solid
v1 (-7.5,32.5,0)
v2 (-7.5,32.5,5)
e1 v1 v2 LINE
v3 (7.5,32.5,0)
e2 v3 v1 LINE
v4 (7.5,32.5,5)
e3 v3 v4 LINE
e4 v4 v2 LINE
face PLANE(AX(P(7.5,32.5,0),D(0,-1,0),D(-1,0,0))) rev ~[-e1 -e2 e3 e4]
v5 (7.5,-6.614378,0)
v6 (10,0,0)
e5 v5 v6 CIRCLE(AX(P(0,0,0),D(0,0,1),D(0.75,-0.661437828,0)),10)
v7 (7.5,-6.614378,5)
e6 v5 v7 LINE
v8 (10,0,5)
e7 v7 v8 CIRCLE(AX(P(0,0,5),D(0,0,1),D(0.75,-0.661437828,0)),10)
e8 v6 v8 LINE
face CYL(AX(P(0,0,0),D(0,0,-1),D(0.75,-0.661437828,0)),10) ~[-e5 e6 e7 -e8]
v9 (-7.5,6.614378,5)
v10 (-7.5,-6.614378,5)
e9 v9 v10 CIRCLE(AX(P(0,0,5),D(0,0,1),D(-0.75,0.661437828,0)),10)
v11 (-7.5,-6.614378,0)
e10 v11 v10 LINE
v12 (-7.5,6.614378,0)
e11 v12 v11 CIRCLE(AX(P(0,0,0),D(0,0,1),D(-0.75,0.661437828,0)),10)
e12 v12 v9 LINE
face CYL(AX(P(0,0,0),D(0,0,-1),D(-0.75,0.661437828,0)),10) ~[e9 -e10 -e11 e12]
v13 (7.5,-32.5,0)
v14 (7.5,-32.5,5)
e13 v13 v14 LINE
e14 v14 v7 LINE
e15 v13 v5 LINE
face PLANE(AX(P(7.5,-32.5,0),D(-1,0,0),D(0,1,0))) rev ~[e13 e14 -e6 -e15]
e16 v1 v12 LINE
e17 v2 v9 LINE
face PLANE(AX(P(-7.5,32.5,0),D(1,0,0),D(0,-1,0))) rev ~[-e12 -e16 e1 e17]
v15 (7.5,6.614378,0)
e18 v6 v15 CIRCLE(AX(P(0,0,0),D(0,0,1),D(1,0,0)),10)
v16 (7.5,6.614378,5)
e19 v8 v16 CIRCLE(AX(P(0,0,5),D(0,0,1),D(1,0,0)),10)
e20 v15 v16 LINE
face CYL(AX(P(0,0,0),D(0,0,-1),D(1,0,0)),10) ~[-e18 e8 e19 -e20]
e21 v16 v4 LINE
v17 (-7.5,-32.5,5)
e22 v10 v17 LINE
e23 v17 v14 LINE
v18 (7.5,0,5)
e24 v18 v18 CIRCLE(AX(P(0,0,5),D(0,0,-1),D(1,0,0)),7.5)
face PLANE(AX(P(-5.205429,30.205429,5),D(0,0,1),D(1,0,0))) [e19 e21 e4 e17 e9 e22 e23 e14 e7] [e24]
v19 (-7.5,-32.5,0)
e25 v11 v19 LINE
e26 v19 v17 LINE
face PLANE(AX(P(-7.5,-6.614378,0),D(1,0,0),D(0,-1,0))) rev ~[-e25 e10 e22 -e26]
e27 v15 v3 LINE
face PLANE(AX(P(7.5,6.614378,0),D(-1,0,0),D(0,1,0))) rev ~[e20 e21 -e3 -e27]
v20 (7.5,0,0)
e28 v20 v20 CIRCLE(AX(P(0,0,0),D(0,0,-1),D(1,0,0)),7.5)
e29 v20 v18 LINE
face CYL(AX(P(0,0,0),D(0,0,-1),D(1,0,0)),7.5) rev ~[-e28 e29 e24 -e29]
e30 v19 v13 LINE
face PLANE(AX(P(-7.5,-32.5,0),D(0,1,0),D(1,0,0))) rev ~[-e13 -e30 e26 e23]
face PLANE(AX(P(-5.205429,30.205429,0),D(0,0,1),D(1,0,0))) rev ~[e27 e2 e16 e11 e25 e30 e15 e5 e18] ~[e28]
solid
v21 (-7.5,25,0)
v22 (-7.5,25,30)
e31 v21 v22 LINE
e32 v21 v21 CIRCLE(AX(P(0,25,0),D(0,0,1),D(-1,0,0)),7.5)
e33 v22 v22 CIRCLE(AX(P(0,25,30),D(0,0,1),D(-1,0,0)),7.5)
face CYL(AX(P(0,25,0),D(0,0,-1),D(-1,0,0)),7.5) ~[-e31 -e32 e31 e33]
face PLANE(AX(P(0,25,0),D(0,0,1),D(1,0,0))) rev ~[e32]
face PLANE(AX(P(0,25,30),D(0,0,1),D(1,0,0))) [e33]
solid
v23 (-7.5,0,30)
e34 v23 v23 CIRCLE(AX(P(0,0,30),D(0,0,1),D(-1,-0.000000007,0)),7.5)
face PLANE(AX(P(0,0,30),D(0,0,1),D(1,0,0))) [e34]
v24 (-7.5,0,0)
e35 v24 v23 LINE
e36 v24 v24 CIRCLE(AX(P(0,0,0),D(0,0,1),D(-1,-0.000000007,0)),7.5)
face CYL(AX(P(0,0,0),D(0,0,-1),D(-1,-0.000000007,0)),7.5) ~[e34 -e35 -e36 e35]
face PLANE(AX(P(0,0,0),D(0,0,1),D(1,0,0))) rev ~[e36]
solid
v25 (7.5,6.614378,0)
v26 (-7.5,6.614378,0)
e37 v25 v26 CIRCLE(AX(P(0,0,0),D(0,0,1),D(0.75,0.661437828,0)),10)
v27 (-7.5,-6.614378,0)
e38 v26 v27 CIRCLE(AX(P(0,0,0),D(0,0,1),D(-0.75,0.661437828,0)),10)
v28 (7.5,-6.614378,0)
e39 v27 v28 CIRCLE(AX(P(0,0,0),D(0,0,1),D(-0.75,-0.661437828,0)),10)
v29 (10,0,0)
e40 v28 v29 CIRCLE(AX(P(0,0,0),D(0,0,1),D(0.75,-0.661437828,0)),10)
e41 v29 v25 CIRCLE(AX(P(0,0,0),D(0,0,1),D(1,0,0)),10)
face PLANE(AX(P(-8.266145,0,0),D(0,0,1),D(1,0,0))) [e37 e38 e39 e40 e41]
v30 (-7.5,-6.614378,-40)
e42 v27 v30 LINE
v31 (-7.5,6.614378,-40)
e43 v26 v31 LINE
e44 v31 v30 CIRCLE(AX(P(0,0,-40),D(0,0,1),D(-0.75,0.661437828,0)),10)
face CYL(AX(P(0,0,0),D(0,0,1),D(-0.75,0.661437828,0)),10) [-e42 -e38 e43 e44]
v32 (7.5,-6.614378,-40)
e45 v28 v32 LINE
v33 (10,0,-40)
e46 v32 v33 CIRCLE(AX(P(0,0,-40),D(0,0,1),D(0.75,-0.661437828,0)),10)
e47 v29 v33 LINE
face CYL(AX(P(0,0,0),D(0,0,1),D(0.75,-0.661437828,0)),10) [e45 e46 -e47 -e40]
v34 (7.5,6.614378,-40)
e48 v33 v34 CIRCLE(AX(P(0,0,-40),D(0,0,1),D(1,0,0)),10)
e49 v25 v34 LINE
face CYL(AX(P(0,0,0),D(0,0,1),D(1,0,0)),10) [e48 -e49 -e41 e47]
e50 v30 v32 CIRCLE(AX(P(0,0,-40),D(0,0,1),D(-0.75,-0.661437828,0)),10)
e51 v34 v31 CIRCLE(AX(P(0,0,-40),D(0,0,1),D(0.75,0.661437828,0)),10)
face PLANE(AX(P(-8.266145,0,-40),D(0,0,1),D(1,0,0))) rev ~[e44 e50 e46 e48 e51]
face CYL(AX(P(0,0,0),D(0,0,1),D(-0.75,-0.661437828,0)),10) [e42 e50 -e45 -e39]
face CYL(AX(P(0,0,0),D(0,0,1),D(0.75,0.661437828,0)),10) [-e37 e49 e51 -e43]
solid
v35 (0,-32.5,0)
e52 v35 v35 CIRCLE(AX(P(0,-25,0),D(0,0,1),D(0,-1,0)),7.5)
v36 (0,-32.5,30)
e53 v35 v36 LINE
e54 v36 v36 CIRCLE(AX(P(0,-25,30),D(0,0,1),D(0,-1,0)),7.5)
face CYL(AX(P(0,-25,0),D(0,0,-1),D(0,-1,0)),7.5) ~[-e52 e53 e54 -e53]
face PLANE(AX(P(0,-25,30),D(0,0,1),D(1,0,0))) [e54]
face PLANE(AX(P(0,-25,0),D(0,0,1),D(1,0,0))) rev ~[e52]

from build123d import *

# Parameters (mm, degrees)
F1_DEPTH = 5
F2_DEPTH = 30
F3_DEPTH = 40


with BuildPart() as f1:
    # F0 (on Top) → F1 (new body)
    with BuildSketch(Plane.XY):
        with BuildLine():
            Line((0, 32.5), (-7.5, 32.5))
            Line((-7.5, 32.5), (-7.5, 25))
            ThreePointArc((-7.5, 25), (-5.3033008589, 30.3033008589), (0, 32.5))
        make_face()
        with BuildLine():
            Line((7.5, 32.5), (0, 32.5))
            ThreePointArc((0, 32.5), (5.3033008589, 30.3033008589), (7.5, 25))
            Line((7.5, 25), (7.5, 32.5))
        make_face()
        with BuildLine():
            ThreePointArc((7.5, 25), (5.3033008589, 30.3033008589), (0, 32.5))
            ThreePointArc((0, 32.5), (-5.3033008589, 30.3033008589), (-7.5, 25))
            ThreePointArc((-7.5, 25), (0, 17.5), (7.5, 25))
        make_face()
        with BuildLine():
            ThreePointArc((7.5, 25), (0, 17.5), (-7.5, 25))
            Line((-7.5, 25), (-7.5, 6.6143782777))
            ThreePointArc((-7.5, 6.6143782777), (0, 10), (7.5, 6.6143782777))
            Line((7.5, 6.6143782777), (7.5, 25))
        make_face()
        with BuildLine():
            ThreePointArc((7.5, 6.6143782777), (0, 10), (-7.5, 6.6143782777))
            Line((-7.5, 6.6143782777), (-7.5, -5.5e-08))
            ThreePointArc((-7.5, -5.5e-08), (-2.75e-08, 7.5), (7.5, 0))
            Line((7.5, 0), (7.5, 6.6143782777))
        make_face()
        with BuildLine():
            Line((-7.5, -5.5e-08), (-7.5, 6.6143782777))
            ThreePointArc((-7.5, 6.6143782777), (-10, 0), (-7.5, -6.6143782777))
            Line((-7.5, -6.6143782777), (-7.5, -5.5e-08))
        make_face()
        with BuildLine():
            ThreePointArc((10, 0), (9.3541434669, 3.5355339059), (7.5, 6.6143782777))
            Line((7.5, 6.6143782777), (7.5, 0))
            Line((7.5, 0), (7.5, -6.6143782777))
            ThreePointArc((7.5, -6.6143782777), (9.3541434669, -3.5355339059), (10, 0))
        make_face()
        with BuildLine():
            ThreePointArc((7.5, 0), (2.75e-08, -7.5), (-7.5, -5.5e-08))
            Line((-7.5, -5.5e-08), (-7.5, -6.6143782777))
            ThreePointArc((-7.5, -6.6143782777), (0, -10), (7.5, -6.6143782777))
            Line((7.5, -6.6143782777), (7.5, 0))
        make_face()
        with BuildLine():
            ThreePointArc((7.5, -6.6143782777), (0, -10), (-7.5, -6.6143782777))
            Line((-7.5, -6.6143782777), (-7.5, -25.0000000374))
            ThreePointArc((-7.5, -25.0000000374), (-1.87e-08, -17.5), (7.5, -25))
            Line((7.5, -25), (7.5, -6.6143782777))
        make_face()
        with BuildLine():
            ThreePointArc((0, -32.5), (-5.3033008457, -30.3033008721), (-7.5, -25.0000000374))
            Line((-7.5, -25.0000000374), (-7.5, -32.5))
            Line((-7.5, -32.5), (0, -32.5))
        make_face()
        with BuildLine():
            ThreePointArc((7.5, -25), (-1.87e-08, -17.5), (-7.5, -25.0000000374))
            ThreePointArc((-7.5, -25.0000000374), (-5.3033008457, -30.3033008721), (0, -32.5))
            ThreePointArc((0, -32.5), (5.3033008589, -30.3033008589), (7.5, -25))
        make_face()
        with BuildLine():
            Line((7.5, -32.5), (7.5, -25))
            ThreePointArc((7.5, -25), (5.3033008589, -30.3033008589), (0, -32.5))
            Line((0, -32.5), (7.5, -32.5))
        make_face()
    extrude(amount=F1_DEPTH)


with BuildPart() as f2:
    # F0 (on Top) → F2 (new body)
    with BuildSketch(Plane.XY):
        with BuildLine():
            ThreePointArc((7.5, 0), (-2.75e-08, 7.5), (-7.5, -5.5e-08))
            ThreePointArc((-7.5, -5.5e-08), (2.75e-08, -7.5), (7.5, 0))
        make_face()
    extrude(amount=F2_DEPTH)


with BuildPart() as f2b:
    # F0 (on Top) → F2, piece 2 (new body)
    with BuildSketch(Plane.XY):
        with BuildLine():
            ThreePointArc((7.5, -25), (-1.87e-08, -17.5), (-7.5, -25.0000000374))
            ThreePointArc((-7.5, -25.0000000374), (-5.3033008457, -30.3033008721), (0, -32.5))
            ThreePointArc((0, -32.5), (5.3033008589, -30.3033008589), (7.5, -25))
        make_face()
    extrude(amount=F2_DEPTH)


with BuildPart() as f2c:
    # F0 (on Top) → F2, piece 3 (new body)
    with BuildSketch(Plane.XY):
        with BuildLine():
            ThreePointArc((7.5, 25), (5.3033008589, 30.3033008589), (0, 32.5))
            ThreePointArc((0, 32.5), (-5.3033008589, 30.3033008589), (-7.5, 25))
            ThreePointArc((-7.5, 25), (0, 17.5), (7.5, 25))
        make_face()
    extrude(amount=F2_DEPTH)


with BuildPart() as f3:
    # F0 (on Top) → F3 (new body)
    with BuildSketch(Plane.XY):
        with BuildLine():
            Line((-7.5, -5.5e-08), (-7.5, 6.6143782777))
            ThreePointArc((-7.5, 6.6143782777), (-10, 0), (-7.5, -6.6143782777))
            Line((-7.5, -6.6143782777), (-7.5, -5.5e-08))
        make_face()
        with BuildLine():
            ThreePointArc((7.5, 6.6143782777), (0, 10), (-7.5, 6.6143782777))
            Line((-7.5, 6.6143782777), (-7.5, -5.5e-08))
            ThreePointArc((-7.5, -5.5e-08), (-2.75e-08, 7.5), (7.5, 0))
            Line((7.5, 0), (7.5, 6.6143782777))
        make_face()
        with BuildLine():
            ThreePointArc((10, 0), (9.3541434669, 3.5355339059), (7.5, 6.6143782777))
            Line((7.5, 6.6143782777), (7.5, 0))
            Line((7.5, 0), (7.5, -6.6143782777))
            ThreePointArc((7.5, -6.6143782777), (9.3541434669, -3.5355339059), (10, 0))
        make_face()
        with BuildLine():
            ThreePointArc((7.5, 0), (2.75e-08, -7.5), (-7.5, -5.5e-08))
            Line((-7.5, -5.5e-08), (-7.5, -6.6143782777))
            ThreePointArc((-7.5, -6.6143782777), (0, -10), (7.5, -6.6143782777))
            Line((7.5, -6.6143782777), (7.5, 0))
        make_face()
        with BuildLine():
            ThreePointArc((7.5, 0), (-2.75e-08, 7.5), (-7.5, -5.5e-08))
            ThreePointArc((-7.5, -5.5e-08), (2.75e-08, -7.5), (7.5, 0))
        make_face()
    extrude(amount=-F3_DEPTH)


solid = Compound([f1.part, f2.part, f2b.part, f2c.part, f3.part])
